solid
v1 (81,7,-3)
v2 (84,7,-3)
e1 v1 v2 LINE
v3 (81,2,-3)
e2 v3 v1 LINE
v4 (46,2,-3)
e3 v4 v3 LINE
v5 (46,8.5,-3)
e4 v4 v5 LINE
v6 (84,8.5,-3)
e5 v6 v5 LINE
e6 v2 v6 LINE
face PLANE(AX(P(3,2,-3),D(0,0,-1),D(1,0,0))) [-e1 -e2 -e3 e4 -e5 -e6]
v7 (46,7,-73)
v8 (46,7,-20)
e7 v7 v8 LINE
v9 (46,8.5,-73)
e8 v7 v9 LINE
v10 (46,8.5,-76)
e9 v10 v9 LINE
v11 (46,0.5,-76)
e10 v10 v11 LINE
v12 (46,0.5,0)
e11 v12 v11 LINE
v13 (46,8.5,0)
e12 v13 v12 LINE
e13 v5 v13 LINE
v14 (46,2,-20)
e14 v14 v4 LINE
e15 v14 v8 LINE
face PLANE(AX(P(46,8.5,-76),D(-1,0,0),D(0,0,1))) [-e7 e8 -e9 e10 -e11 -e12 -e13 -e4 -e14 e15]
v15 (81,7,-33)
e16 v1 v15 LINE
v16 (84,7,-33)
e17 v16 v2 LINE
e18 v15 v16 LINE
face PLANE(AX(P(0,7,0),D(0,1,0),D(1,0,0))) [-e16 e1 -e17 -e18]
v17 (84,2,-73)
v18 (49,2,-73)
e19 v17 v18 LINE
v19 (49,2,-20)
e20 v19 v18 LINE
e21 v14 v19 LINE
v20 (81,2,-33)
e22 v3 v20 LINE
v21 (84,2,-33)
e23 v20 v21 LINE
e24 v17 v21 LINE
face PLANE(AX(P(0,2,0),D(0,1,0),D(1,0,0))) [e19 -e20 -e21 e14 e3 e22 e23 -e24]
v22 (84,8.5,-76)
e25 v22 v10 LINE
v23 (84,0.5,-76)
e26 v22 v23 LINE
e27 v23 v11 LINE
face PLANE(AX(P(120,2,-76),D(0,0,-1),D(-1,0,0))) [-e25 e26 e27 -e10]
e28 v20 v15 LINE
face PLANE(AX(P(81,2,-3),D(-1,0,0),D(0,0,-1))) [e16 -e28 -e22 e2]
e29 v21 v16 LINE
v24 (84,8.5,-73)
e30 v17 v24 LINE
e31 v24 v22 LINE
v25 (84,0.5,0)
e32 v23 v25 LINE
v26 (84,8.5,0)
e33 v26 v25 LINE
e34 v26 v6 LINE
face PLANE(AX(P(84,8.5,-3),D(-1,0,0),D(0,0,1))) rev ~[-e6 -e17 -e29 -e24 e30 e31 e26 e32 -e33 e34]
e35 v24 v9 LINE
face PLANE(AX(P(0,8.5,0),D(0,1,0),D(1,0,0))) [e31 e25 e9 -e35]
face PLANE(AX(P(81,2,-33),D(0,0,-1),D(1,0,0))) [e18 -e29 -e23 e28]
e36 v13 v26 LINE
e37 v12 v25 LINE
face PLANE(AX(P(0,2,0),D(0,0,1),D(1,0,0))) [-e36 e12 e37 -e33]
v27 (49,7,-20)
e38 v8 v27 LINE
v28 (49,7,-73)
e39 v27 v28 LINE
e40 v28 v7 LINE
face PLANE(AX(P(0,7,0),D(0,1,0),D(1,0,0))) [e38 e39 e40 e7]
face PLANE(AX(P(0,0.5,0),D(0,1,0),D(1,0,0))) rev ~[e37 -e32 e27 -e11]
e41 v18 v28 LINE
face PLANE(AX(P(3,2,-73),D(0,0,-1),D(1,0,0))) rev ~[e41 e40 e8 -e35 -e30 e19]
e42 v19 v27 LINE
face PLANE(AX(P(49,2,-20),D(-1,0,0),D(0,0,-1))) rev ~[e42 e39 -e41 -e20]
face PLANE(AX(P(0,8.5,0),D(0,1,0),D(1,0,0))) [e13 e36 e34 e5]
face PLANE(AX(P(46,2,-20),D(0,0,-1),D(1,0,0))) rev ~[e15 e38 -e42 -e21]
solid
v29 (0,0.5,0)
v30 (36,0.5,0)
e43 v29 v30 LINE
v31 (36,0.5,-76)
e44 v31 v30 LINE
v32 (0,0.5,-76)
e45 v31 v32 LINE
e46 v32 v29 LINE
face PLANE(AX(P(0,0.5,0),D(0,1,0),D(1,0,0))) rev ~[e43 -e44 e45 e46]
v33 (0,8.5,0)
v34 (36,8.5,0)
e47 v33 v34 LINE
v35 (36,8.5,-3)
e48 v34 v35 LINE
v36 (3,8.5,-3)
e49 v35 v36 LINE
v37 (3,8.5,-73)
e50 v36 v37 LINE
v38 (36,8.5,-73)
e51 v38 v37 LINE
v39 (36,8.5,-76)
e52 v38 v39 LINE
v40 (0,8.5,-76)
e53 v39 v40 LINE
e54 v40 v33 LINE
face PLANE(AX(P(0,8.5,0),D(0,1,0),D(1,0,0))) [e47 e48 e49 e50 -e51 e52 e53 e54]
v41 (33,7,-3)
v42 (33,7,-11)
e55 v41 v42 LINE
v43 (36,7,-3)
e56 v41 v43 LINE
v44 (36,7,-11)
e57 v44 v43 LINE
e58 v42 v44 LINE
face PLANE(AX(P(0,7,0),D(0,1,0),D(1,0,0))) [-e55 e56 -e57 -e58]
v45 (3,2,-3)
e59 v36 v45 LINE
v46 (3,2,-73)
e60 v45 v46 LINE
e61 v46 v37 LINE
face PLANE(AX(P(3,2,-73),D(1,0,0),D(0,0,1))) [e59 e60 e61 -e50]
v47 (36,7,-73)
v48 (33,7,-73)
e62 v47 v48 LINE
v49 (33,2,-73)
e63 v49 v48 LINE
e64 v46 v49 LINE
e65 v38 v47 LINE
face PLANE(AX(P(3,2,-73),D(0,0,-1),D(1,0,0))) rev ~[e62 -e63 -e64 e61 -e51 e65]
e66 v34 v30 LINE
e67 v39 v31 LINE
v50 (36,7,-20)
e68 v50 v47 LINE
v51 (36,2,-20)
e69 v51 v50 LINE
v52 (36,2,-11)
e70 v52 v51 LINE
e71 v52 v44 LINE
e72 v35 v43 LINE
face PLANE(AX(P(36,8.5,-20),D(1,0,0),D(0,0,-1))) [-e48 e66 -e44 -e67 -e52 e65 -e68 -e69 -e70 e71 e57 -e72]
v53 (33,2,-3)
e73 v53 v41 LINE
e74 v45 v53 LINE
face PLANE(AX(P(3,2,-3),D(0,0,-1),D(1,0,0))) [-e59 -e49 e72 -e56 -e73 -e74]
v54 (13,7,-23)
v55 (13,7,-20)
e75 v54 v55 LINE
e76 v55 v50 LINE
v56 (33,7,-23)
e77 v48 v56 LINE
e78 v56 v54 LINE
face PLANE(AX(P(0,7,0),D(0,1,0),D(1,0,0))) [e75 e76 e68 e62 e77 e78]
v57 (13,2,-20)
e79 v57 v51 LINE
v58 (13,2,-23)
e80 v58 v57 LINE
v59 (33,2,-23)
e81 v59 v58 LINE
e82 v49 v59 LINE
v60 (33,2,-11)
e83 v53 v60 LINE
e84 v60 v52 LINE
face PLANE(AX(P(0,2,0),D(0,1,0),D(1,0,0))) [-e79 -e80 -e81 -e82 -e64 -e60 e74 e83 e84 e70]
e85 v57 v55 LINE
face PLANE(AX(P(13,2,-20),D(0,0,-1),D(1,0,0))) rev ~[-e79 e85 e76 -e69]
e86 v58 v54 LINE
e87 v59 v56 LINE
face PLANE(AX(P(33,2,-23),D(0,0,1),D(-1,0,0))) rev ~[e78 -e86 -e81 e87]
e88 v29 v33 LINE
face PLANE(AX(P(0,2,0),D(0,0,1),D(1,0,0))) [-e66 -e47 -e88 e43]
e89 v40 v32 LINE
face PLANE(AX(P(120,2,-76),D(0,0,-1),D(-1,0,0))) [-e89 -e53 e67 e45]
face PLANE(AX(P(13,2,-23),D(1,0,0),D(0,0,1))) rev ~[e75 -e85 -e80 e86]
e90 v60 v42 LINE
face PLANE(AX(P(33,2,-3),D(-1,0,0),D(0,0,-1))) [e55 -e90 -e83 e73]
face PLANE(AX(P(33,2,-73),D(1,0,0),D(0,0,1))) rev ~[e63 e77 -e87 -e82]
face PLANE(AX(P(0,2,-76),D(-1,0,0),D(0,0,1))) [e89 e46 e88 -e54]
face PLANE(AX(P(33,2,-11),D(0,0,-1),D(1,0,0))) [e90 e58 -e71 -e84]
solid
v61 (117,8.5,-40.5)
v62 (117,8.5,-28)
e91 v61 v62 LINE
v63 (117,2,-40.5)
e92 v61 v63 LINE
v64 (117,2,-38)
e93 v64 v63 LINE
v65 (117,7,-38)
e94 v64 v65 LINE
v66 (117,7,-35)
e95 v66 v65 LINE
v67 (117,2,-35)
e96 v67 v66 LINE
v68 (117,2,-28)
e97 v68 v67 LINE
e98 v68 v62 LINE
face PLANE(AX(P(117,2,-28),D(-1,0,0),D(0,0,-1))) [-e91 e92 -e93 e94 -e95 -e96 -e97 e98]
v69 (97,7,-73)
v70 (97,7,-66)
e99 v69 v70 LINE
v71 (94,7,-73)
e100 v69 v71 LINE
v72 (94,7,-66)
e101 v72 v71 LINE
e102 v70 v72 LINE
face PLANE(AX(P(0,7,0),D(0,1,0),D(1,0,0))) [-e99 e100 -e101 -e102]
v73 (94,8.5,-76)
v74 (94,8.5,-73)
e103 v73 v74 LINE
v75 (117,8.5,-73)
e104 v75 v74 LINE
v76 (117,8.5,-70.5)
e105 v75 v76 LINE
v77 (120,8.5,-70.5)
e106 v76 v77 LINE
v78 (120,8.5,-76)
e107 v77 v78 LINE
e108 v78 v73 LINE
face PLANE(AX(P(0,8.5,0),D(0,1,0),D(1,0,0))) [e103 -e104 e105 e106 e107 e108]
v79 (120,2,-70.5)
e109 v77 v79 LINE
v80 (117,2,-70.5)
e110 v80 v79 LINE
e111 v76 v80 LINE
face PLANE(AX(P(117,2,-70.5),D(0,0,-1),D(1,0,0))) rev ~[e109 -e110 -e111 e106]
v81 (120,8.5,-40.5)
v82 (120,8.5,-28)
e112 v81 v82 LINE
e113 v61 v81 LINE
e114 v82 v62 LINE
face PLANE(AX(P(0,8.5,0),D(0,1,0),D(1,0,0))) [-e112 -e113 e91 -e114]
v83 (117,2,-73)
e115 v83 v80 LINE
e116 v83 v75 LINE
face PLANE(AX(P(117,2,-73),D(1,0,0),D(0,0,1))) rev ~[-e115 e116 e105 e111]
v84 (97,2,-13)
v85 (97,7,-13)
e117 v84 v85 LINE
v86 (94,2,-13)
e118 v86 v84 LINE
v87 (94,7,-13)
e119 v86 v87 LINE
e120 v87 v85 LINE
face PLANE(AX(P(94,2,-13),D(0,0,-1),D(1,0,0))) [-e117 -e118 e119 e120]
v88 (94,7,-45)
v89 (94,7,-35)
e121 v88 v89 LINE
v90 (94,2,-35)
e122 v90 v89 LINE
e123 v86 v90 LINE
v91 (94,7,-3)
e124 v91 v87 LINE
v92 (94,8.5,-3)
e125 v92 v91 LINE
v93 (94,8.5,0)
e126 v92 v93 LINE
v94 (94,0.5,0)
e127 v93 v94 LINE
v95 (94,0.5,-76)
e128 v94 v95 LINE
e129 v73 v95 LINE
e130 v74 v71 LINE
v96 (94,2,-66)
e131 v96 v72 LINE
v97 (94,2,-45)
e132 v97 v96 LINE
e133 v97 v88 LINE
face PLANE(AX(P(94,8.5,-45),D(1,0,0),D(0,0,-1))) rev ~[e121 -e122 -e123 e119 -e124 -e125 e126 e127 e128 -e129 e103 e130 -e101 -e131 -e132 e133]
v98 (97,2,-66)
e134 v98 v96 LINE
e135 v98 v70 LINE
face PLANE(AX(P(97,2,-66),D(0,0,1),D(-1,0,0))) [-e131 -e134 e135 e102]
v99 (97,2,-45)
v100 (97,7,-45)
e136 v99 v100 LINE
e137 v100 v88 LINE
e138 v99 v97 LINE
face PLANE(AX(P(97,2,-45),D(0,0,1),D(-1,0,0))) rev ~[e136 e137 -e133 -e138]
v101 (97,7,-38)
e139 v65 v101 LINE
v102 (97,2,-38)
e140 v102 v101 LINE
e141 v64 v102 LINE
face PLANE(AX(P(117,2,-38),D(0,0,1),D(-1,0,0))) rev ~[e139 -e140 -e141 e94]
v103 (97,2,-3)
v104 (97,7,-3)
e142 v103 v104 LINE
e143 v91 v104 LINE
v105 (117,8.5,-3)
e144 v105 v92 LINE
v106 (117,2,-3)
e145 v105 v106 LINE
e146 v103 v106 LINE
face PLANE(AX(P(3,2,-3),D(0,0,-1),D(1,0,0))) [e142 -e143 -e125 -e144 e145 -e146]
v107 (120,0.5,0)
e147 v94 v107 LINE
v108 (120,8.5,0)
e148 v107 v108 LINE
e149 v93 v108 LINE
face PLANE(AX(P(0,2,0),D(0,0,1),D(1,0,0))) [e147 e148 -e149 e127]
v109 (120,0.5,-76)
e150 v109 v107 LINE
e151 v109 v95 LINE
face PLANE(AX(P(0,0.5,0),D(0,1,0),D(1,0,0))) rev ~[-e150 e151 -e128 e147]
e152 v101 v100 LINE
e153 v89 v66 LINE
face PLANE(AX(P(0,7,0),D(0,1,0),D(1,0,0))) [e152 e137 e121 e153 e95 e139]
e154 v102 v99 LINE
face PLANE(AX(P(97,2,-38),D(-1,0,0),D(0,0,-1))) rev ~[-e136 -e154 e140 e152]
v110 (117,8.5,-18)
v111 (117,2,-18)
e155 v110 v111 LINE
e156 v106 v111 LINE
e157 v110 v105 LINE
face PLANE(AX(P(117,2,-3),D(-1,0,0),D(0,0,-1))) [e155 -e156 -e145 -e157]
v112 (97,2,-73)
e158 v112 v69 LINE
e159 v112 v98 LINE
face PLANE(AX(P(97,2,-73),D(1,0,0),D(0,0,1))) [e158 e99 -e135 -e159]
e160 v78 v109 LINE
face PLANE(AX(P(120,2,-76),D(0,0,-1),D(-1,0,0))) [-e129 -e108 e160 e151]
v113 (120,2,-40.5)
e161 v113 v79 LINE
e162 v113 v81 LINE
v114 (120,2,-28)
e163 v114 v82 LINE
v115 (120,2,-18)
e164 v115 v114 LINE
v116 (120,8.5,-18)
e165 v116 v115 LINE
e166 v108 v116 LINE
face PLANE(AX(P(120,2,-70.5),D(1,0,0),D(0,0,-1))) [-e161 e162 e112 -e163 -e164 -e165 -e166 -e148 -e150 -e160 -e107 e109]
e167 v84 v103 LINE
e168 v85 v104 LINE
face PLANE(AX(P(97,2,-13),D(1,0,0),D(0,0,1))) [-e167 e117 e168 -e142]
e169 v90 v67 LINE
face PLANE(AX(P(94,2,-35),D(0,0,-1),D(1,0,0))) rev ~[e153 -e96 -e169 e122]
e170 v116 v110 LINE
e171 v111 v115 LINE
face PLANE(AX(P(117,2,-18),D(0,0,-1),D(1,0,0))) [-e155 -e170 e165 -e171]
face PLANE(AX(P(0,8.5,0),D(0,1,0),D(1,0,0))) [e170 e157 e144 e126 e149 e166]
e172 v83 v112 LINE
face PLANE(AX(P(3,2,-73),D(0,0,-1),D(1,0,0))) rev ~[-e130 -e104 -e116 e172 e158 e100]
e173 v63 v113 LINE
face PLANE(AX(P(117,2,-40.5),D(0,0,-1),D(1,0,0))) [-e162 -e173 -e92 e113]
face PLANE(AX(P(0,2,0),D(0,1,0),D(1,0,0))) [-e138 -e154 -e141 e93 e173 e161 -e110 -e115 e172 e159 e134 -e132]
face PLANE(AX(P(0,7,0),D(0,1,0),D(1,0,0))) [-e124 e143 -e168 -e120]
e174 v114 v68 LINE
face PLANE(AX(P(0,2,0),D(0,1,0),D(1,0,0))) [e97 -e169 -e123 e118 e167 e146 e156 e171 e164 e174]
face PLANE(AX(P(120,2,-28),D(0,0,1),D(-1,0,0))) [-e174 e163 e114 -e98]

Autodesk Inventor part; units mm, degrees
ref_plane "YZ Plane" through (0, 0, 0) normal (1, 0, 0) x (0, 1, 0)
ref_plane "XZ Plane" through (0, 0, 0) normal (0, 1, 0) x (-1, 0, 0)
ref_plane "XY Plane" through (0, 0, 0) normal (0, 0, 1) x (1, 0, 0)
ref_plane "作業平面1" through (0, 2, 0) normal (0, 1, 0) x (1, 0, 0)
sketch "スケッチ4" plane through (0, 2, 0) normal (0, 1, 0) x (1, 0, 0)
  line L0 (3, 73) -> (33, 73)
  line L1 (3, 73) -> (3, 23)
  line L2 (3, 20) -> (3, 3)
  line L3 (81, 3) -> (81, 33)
  line L4 (81, 33) -> (84, 33)
  line L5 (84, 33) -> (84, 3)
  line L6 (117, 3) -> (117, 18)
  line L7 (117, 18) -> (120, 18)
  line L8 (117, 28) -> (117, 35)
  line L9 (120, 28) -> (117, 28)
  line L10 (120, 28) -> (120, 38)
  line L11 (117, 38) -> (97, 38)
  line L12 (97, 38) -> (97, 45)
  line L13 (97, 45) -> (94, 45)
  line L14 (94, 45) -> (94, 35)
  line L15 (94, 35) -> (117, 35)
  line L16 (97, 73) -> (97, 66)
  line L17 (97, 66) -> (94, 66)
  line L18 (94, 66) -> (94, 73)
  line L19 (33, 73) -> (33, 23)
  line L20 (33, 23) -> (13, 23)
  line L21 (13, 23) -> (13, 20)
  line L22 (13, 20) -> (36, 20)
  line L23 (36, 20) -> (36, 73)
  line L24 (36, 73) -> (46, 73)
  line L25 (46, 73) -> (46, 20)
  line L26 (46, 20) -> (49, 20)
  line L27 (49, 20) -> (49, 73)
  line L28 (117, 38) -> (117, 40.5)
  line L29 (117, 40.5) -> (120, 40.5)
  line L30 (120, 40.5) -> (120, 38)
  line L31 (117, 73) -> (117, 70.5)
  line L32 (117, 70.5) -> (120, 70.5)
  line L33 (0, 0) -> (0, 76)
  line L34 (0, 76) -> (120, 76)
  line L35 (120, 76) -> (120, 70.5)
  line L36 (0, 0) -> (120, 0)
  line L37 (120, 0) -> (120, 18)
  line L38 (3, 23) -> (3, 20)
  line L39 (33, 3) -> (33, 11)
  line L40 (33, 11) -> (36, 11)
  line L41 (36, 11) -> (36, 3)
  line L42 (3, 3) -> (33, 3)
  line L43 (36, 3) -> (81, 3)
  line L44 (94, 3) -> (94, 13)
  line L45 (94, 13) -> (97, 13)
  line L46 (97, 13) -> (97, 3)
  line L47 (84, 3) -> (94, 3)
  line L48 (97, 3) -> (117, 3)
  line L49 (117, 73) -> (97, 73)
  line L50 (94, 73) -> (49, 73)
  dimension "d29" = 3
  dimension "d30" = 30
  dimension "d34" = 3
  dimension "d35" = 20
  dimension "d36" = 3
  dimension "d37" = 10
  dimension "d39" = 3
  dimension "d41" = 32
  dimension "d42" = 3
  dimension "d60" = 3
  dimension "d61" = 3
  dimension "d63" = 7
  dimension "d64" = 7
  dimension "d65" = 15
  dimension "d66" = 10
  dimension "d67" = 2.5
  dimension "d68" = 3
  dimension "d69" = 3
  dimension "d70" = 2.5
  dimension "d75" = 76
  dimension "d78" = 3
  dimension "d79" = 3
  dimension "d80" = 3
  dimension "d81" = 20
  dimension "d82" = 50
  dimension "d84" = 120
  dimension "d85" = 3
  dimension "d86" = 8
  dimension "d87" = 3
  dimension "d88" = 30
  dimension "d89" = 3
  dimension "d90" = 10
  dimension "d91" = 10
  dimension "d92" = 35
extrude "押し出し5" add sketch "スケッチ4" along normal blind 5
sketch "スケッチ6" plane through (0, 2, 0) normal (0, 1, 0) x (1, 0, 0)
  line L0 (0, 0) -> (120, 0) projected
  line L1 (0, 0) -> (120, 0)
  line L2 (120, 18) -> (117, 18) projected
  line L3 (120, 0) -> (120, 18)
  line L4 (120, 18) -> (117, 18)
  line L5 (117, 18) -> (117, 3) projected
  line L6 (117, 18) -> (117, 3)
  line L7 (3, 3) -> (3, 73) projected
  line L8 (117, 3) -> (3, 3)
  line L9 (3, 3) -> (3, 73)
  line L10 (97, 73) -> (117, 73) projected
  line L11 (3, 73) -> (117, 73)
  line L12 (117, 73) -> (117, 70.5) projected
  line L13 (117, 73) -> (117, 70.5)
  line L14 (117, 70.5) -> (120, 70.5) projected
  line L15 (117, 70.5) -> (120, 70.5)
  line L16 (120, 70.5) -> (120, 76) projected
  line L17 (120, 70.5) -> (120, 76)
  line L18 (120, 76) -> (0, 76) projected
  line L19 (120, 76) -> (0, 76)
  line L20 (0, 76) -> (0, 0) projected
  line L21 (0, 76) -> (0, 0)
  line L22 (120, 28) -> (117, 28) projected
  line L23 (117, 28) -> (120, 28)
  line L24 (120, 40.5) -> (120, 28) projected
  line L25 (120, 28) -> (120, 40.5)
  line L26 (117, 40.5) -> (120, 40.5) projected
  line L27 (120, 40.5) -> (117, 40.5)
  line L28 (117, 40.5) -> (117, 28)
extrude "押し出し6" add sketch "スケッチ6" along normal blind 6.5
sketch "スケッチ7" plane through (0, 2, 0) normal (0, 1, 0) x (1, 0, 0)
  line L0 (0, 0) -> (120, 0) projected
  line L1 (120, 70.5) -> (120, 76) projected
  line L2 (0, 0) -> (120, 0)
  line L3 (120, 0) -> (120, 76)
  line L4 (120, 76) -> (0, 76)
  line L5 (0, 76) -> (0, 0)
extrude "押し出し7" add sketch "スケッチ7" against normal blind 1.5
sketch "スケッチ8" plane through (0, 8.5, 0) normal (0, 1, 0) x (1, 0, 0)
  line L0 (36, 20) -> (36, 73) projected
  line L1 (36, 76) -> (46, 76)
  line L2 (46, 76) -> (46, 0)
  line L3 (46, 0) -> (36, 0)
  line L4 (36, 0) -> (36, 76)
  line L5 (120, 76) -> (0, 76) projected
  line L6 (0, 0) -> (120, 0) projected
  line L7 (46, 73) -> (46, 20) projected
  line L8 (84, 3) -> (84, 33) projected
  line L9 (94, 45) -> (94, 35) projected
  line L10 (84, 0) -> (94, 0)
  line L11 (94, 0) -> (94, 76)
  line L12 (94, 76) -> (84, 76)
  line L13 (84, 76) -> (84, 0)
extrude "押し出し8" cut sketch "スケッチ8" against normal blind 8 contours L0 L4 L1 L2 L3 | L13 L8 L5 L11 L9 L6
properties part number "BASE_revised_UPBOX"
